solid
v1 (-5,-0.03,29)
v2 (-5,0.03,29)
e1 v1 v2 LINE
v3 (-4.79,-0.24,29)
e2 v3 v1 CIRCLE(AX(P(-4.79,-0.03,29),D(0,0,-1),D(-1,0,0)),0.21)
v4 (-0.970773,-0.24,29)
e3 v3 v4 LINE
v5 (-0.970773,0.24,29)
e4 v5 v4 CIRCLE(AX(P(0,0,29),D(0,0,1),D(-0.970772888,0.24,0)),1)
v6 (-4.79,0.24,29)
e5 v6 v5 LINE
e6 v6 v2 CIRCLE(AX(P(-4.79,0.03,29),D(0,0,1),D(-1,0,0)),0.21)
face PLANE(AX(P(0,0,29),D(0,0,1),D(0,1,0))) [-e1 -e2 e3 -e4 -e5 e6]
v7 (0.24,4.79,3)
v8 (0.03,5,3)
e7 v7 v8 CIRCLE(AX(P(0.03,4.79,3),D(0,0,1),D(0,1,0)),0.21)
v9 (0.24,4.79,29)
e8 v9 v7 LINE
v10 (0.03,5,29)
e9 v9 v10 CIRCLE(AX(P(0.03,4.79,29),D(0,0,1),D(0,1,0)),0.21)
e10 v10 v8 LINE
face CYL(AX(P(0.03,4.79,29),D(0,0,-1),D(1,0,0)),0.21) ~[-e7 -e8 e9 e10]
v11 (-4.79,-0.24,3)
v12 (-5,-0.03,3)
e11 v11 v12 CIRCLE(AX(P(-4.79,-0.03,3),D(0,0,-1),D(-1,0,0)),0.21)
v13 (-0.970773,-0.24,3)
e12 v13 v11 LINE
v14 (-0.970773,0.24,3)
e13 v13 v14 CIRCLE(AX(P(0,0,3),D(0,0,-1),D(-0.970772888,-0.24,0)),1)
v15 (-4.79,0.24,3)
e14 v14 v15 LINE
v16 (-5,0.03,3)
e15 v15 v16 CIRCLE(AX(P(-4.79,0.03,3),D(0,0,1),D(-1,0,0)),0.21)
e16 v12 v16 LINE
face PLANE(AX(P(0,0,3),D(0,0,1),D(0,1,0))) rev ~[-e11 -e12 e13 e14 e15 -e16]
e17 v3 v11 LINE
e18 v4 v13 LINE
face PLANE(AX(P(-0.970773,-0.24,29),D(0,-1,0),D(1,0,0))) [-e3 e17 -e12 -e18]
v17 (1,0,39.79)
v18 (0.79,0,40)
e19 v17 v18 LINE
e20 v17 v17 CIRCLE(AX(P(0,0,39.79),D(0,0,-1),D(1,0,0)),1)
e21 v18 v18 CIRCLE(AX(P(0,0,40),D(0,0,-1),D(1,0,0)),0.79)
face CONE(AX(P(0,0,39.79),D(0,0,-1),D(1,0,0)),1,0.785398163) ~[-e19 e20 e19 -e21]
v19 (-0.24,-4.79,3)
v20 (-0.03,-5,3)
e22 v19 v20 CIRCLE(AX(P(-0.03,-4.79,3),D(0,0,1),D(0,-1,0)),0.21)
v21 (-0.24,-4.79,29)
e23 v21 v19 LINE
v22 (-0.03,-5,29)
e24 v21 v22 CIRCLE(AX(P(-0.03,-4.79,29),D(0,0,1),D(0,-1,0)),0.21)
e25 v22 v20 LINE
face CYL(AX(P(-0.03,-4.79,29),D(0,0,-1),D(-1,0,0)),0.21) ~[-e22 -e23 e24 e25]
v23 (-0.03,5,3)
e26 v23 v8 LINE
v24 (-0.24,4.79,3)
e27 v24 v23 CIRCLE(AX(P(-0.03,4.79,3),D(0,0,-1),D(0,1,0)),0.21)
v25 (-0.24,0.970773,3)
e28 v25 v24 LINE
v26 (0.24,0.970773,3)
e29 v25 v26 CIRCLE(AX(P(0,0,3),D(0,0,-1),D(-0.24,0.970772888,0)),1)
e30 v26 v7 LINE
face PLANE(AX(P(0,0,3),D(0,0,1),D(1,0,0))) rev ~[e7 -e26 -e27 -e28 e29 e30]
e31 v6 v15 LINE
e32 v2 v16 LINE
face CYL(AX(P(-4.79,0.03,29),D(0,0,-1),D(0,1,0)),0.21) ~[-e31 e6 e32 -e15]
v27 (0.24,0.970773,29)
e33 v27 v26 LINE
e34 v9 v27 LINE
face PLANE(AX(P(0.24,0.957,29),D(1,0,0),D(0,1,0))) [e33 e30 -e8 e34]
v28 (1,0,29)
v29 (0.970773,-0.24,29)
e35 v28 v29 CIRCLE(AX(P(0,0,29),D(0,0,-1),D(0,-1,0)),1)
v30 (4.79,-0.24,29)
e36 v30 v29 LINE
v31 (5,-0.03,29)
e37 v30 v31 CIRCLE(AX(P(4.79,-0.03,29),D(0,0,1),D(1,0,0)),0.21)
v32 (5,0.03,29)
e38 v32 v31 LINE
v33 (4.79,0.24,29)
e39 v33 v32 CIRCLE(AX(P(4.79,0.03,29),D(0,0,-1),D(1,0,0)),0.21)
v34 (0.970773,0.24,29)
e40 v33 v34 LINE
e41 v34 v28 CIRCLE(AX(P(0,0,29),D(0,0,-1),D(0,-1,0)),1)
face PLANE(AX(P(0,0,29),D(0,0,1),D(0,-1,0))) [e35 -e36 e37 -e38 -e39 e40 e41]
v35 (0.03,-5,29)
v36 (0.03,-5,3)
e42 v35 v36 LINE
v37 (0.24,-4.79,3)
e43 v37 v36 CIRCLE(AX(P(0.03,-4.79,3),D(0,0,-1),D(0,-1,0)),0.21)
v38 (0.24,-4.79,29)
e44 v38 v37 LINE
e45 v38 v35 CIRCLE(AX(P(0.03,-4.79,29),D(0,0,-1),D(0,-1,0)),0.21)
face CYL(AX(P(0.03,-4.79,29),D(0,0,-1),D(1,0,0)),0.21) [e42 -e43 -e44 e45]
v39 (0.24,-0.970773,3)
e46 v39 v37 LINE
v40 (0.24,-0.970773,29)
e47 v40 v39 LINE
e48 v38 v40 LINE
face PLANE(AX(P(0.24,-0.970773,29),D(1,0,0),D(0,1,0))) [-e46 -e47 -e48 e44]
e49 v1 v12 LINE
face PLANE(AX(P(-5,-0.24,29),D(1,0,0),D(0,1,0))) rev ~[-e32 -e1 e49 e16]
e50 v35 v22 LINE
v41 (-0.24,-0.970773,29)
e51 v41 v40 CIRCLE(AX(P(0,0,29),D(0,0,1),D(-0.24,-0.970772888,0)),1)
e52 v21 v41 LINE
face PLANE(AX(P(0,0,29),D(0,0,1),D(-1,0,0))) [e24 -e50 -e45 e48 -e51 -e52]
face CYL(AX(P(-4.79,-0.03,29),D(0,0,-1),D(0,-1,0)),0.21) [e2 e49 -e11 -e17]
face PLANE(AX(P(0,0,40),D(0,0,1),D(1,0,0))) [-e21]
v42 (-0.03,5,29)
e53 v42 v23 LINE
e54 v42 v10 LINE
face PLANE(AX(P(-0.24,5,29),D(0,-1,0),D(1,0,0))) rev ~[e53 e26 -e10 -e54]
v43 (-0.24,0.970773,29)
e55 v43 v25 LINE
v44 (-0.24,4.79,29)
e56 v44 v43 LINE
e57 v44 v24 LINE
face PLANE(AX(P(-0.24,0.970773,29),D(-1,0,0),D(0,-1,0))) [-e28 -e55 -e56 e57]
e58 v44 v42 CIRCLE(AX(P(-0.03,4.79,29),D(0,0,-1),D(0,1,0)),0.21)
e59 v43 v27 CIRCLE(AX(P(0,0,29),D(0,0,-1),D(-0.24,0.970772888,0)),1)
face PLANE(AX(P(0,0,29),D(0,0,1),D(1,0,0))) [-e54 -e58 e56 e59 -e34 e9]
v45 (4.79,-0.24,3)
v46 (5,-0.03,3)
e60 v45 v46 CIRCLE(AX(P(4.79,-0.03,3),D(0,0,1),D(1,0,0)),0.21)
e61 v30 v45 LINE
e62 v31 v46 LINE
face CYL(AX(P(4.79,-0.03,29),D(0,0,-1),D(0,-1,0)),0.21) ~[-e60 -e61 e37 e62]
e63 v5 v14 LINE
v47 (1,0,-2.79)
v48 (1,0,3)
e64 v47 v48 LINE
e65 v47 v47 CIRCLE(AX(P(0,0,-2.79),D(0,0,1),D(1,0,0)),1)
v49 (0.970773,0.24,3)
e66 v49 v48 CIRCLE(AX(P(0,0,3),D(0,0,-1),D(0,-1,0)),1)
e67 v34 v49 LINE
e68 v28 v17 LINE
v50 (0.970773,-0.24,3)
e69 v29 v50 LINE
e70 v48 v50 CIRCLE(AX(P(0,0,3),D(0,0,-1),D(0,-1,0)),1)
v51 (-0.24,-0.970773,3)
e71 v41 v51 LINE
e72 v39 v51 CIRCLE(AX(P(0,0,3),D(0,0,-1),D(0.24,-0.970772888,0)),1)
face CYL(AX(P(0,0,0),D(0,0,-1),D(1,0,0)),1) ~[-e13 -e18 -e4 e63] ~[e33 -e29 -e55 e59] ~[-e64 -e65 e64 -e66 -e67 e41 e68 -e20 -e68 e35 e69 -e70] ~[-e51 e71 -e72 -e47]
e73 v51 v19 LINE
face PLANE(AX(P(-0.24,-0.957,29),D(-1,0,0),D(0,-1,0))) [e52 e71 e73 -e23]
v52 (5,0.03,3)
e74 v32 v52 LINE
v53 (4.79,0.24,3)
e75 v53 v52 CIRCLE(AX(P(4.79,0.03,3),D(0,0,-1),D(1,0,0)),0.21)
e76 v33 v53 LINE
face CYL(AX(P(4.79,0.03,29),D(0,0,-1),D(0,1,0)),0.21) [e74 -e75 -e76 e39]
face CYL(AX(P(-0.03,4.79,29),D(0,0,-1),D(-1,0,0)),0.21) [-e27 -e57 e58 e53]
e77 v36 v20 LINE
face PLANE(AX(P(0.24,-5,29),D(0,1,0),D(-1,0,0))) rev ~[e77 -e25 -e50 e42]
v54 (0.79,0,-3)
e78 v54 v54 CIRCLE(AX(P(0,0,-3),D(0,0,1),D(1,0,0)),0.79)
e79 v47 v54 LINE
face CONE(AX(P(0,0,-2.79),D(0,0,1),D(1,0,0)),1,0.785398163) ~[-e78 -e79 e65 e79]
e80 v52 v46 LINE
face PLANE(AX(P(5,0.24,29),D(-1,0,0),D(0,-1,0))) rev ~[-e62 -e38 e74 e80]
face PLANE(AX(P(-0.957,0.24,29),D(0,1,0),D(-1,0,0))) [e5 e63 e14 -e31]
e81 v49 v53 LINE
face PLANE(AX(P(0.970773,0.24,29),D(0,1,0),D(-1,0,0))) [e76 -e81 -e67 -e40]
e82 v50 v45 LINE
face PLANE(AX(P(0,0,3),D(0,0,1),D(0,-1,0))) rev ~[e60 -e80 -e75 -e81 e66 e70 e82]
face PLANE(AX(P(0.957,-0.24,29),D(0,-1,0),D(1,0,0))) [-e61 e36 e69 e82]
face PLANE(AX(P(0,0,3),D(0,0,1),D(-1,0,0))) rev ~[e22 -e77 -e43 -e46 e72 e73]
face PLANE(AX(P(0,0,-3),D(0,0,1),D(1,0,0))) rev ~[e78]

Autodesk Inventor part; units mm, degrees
ref_plane "YZ Plane" through (0, 0, 0) normal (1, 0, 0) x (0, 1, 0)
ref_plane "XZ Plane" through (0, 0, 0) normal (0, 1, 0) x (-1, 0, 0)
sketch "Sketch1" plane through (0, 0, 0) normal (0, 0, 1) x (1, 0, 0)
  circle A0 centre (0, 0) radius 1
  dimension "d0" = 2
extrude "Extrusion1" add sketch "Sketch1" along normal blind 40 and the other way blind 3
ref_plane "Work Plane1" through (0, 0, 29) normal (0, 0, 1) x (1, 0, 0)
sketch "Sketch2" plane through (0, 0, 29) normal (0, 0, 1) x (1, 0, 0)
  circle A0 centre (0, 0) radius 1 projected
  line L0 (-0.24, 1) -> (-0.24, 5)
  line L1 (-0.24, 5) -> (0.24, 5)
  line L2 (0.24, 5) -> (0.24, 1)
  circle A1 centre (0, 0) radius 1 projected
  line L3 (-0.24, 1) -> (-0.24, 0.957)
  line L4 (-0.24, 0.957) -> (0.24, 0.957)
  line L5 (0.24, 0.957) -> (0.24, 1)
  dimension "d5" = 4
  dimension "d6" = 0.48
  dimension "d7" = 4
  dimension "d9" = 0.24
  dimension "d10" = 5
  dimension "d11" = 5
extrude "Extrusion2" add sketch "Sketch2" against normal blind 26 contours L5 L4 L3 A0 | A0 L3 L0 L1 L2 L5 picked at (0.0269, 0.9702)
fillet "Fillet1" radius 0.21 2 edges at (0.24, 5, 16) (-0.24, 5, 16)
pattern_circular "Circular Pattern3" count 4 over 360 about axis through (0, 0, -10) along (0, 0, 1)
chamfer "Chamfer1" distance 0.21 angle 45 2 edges at (-1, 0, 40) (-1, 0, -3)
properties part number "fan"
